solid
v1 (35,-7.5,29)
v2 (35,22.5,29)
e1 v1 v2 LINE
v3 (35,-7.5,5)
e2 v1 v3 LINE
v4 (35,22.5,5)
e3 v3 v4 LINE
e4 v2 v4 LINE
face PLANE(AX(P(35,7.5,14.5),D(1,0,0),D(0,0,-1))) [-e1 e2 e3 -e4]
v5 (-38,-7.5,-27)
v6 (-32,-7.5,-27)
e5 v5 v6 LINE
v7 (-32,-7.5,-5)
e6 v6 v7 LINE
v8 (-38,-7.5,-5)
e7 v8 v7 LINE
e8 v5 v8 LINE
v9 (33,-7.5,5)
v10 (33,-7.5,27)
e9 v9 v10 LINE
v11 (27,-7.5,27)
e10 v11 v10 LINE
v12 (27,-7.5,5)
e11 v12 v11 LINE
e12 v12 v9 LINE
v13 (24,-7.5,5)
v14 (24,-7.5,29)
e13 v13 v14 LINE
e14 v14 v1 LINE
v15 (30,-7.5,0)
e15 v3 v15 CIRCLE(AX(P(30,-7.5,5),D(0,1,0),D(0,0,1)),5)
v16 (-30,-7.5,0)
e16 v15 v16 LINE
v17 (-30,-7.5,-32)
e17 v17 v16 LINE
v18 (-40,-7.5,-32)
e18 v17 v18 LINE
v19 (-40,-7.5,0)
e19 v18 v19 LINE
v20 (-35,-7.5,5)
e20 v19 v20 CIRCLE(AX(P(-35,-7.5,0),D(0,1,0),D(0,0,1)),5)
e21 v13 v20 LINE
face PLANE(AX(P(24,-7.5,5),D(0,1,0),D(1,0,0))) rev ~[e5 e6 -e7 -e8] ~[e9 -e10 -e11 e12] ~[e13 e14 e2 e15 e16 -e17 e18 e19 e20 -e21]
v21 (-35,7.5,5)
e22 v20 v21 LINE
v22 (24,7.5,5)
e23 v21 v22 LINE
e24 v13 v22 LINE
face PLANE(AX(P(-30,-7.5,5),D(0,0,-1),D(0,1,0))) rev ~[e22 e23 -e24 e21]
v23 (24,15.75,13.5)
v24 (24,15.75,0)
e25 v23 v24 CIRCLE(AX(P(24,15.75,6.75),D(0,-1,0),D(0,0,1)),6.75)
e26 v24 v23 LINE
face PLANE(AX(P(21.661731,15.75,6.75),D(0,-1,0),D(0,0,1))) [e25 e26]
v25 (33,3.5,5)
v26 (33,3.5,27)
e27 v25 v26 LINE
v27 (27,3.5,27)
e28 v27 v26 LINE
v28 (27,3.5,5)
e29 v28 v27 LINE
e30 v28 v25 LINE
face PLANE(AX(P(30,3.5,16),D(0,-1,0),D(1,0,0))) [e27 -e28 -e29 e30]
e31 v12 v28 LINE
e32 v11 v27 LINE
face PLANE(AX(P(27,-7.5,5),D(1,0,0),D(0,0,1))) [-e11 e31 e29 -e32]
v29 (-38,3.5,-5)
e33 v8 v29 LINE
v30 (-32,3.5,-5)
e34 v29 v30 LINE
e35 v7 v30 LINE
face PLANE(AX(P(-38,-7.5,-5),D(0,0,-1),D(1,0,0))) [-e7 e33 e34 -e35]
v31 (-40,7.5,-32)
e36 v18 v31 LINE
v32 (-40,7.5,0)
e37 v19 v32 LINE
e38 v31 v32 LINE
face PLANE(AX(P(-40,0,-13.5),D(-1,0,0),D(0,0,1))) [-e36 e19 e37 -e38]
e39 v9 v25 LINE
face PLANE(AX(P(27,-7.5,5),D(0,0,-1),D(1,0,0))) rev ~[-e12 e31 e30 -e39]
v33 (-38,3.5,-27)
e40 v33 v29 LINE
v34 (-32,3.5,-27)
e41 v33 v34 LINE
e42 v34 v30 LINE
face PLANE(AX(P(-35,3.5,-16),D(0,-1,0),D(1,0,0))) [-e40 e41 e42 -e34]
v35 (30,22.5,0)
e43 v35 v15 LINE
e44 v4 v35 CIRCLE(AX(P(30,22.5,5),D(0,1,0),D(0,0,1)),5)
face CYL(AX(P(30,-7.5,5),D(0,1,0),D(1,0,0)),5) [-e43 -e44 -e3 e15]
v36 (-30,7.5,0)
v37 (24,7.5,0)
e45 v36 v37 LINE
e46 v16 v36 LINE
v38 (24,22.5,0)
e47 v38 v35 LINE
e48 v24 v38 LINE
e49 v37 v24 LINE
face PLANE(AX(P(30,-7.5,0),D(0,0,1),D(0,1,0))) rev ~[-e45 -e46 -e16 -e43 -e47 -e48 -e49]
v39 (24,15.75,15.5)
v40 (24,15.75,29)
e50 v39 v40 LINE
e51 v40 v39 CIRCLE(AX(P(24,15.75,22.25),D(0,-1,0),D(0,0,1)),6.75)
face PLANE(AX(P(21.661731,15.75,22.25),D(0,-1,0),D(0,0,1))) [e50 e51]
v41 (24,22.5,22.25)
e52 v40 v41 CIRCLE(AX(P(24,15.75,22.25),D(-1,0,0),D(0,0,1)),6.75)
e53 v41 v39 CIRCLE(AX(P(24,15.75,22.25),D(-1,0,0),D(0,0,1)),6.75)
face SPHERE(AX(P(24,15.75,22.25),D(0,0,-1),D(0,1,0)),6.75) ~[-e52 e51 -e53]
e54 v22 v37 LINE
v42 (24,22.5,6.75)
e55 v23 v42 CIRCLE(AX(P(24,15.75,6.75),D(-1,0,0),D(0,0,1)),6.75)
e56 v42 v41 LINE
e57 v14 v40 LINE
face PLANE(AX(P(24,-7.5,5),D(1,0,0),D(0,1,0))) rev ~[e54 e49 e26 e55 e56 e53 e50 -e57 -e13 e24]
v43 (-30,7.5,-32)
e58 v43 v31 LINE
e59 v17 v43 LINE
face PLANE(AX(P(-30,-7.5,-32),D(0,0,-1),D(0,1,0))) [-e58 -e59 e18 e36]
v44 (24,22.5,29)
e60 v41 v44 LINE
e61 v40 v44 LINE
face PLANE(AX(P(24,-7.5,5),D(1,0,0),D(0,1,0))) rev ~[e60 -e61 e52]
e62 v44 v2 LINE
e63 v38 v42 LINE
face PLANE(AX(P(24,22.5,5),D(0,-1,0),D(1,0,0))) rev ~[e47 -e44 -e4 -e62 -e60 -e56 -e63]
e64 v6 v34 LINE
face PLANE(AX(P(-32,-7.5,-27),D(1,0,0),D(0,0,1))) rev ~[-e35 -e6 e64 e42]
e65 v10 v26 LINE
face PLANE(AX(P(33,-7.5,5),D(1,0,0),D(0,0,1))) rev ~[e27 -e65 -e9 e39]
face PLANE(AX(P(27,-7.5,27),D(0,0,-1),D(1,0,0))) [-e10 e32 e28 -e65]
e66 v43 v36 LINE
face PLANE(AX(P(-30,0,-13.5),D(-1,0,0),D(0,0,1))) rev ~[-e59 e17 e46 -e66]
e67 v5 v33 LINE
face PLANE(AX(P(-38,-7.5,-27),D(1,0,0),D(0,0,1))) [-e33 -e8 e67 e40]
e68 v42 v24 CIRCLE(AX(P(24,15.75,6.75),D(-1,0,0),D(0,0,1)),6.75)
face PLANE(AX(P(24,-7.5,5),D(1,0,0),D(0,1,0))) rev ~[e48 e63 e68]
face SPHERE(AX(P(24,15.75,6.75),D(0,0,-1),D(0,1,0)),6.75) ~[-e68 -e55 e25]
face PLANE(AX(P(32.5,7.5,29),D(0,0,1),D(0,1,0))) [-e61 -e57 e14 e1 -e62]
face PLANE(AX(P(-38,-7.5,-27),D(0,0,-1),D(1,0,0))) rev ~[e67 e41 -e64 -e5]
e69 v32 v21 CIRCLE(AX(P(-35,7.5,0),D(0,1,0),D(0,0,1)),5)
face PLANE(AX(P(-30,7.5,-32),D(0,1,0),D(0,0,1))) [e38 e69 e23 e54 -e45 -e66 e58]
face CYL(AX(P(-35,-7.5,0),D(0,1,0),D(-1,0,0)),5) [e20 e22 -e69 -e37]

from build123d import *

# Parameters (mm, degrees)
SKETCH1_W                       = 60
SKETCH1_H                       = 15
BOSS_EXTRUDE1_DEPTH             = 5
SKETCH2_W                       = 37
SKETCH2_H                       = 15
BOSS_EXTRUDE2_DEPTH             = 10
FILLET1_R                       = 5
SKETCH3_W                       = 29
SKETCH3_H                       = 30
BOSS_EXTRUDE3_DEPTH             = 5
FILLET2_R                       = 5
BOSS_EXTRUDE6_REACH             = 26
SKETCH8_W                       = 6
SKETCH8_H                       = 30
BOSS_EXTRUDE6_DIRECTION_2_REACH = 39
SKETCH7_W                       = 6
SKETCH7_H                       = 22
CUT_EXTRUDE3_DEPTH              = 11
REVOLVE1_ANGLE                  = 90


with BuildPart() as part:
    # Sketch1 → Boss-Extrude1 (new body)
    with BuildSketch(Plane.XY):
        Rectangle(SKETCH1_W, SKETCH1_H)
    extrude(amount=BOSS_EXTRUDE1_DEPTH)

    # Sketch2 → Boss-Extrude2 (add)
    with BuildSketch(Plane.ZY.offset(30)):
        with Locations((-13.5, 0)):
            Rectangle(SKETCH2_W, SKETCH2_H)
    extrude(amount=BOSS_EXTRUDE2_DEPTH)

    # Fillet1
    fillet1_edges = [part.edges().sort_by_distance(p)[0] for p in [
        (-40, 0, 5),
    ]]
    fillet(fillet1_edges, radius=FILLET1_R)

    # Sketch3 → Boss-Extrude3 (add)
    with BuildSketch(Plane(origin=(30, 0, 0), x_dir=(0, 0, -1), z_dir=(1, 0, 0))):
        with Locations((-14.5, 7.5)):
            Rectangle(SKETCH3_W, SKETCH3_H)
    extrude(amount=BOSS_EXTRUDE3_DEPTH)

    # Fillet2
    fillet2_edges = [part.edges().sort_by_distance(p)[0] for p in [
        (35, 7.5, 0),
    ]]
    fillet(fillet2_edges, radius=FILLET2_R)

    # Boss-Extrude6: up to this face of the body (flat: up to its plane)
    boss_extrude6_end = Plane(part.part.faces().sort_by_distance((32.5, 7.5, 29))[0])
    # Sketch8 → Boss-Extrude6 (add, up to the picked face)
    with BuildSketch(Plane.XY.offset(5), mode=Mode.PRIVATE) as boss_extrude6_sk1:
        with Locations((27, 7.5)):
            Rectangle(SKETCH8_W, SKETCH8_H)
    boss_extrude6_tool1 = split(extrude(boss_extrude6_sk1.sketch, amount=BOSS_EXTRUDE6_REACH, mode=Mode.PRIVATE), bisect_by=boss_extrude6_end, keep=Keep.BOTH, mode=Mode.PRIVATE)
    add(boss_extrude6_tool1.solids().sort_by(Axis((27, 7.5, 5), (0, 0, 1)))[0])

    # Boss-Extrude6 direction 2: up to this face of the body (flat: up to its plane)
    boss_extrude6_direction_2_end = Plane(part.part.faces().sort_by_distance((0, 0, 0))[0])
    # Sketch8 → Boss-Extrude6 direction 2 (add, up to the picked face)
    with BuildSketch(Plane.XY.offset(5), mode=Mode.PRIVATE) as boss_extrude6_direction_2_sk1:
        with Locations((27, 7.5)):
            Rectangle(SKETCH8_W, SKETCH8_H)
    boss_extrude6_direction_2_tool1 = split(extrude(boss_extrude6_direction_2_sk1.sketch, amount=-BOSS_EXTRUDE6_DIRECTION_2_REACH, mode=Mode.PRIVATE), bisect_by=boss_extrude6_direction_2_end, keep=Keep.BOTH, mode=Mode.PRIVATE)
    add(boss_extrude6_direction_2_tool1.solids().sort_by(Axis((27, 7.5, 5), (0, 0, -1)))[0])

    # Sketch7 → Cut-Extrude3 (cut)
    with BuildSketch(Plane.XZ.offset(7.5)):
        with Locations((30, 16)):
            Rectangle(SKETCH7_W, SKETCH7_H)
        with Locations((-35, -16)):
            Rectangle(SKETCH7_W, SKETCH7_H)
    extrude(amount=-CUT_EXTRUDE3_DEPTH, mode=Mode.SUBTRACT)

    # Sketch9 → Revolve1 (revolve)
    with BuildSketch(Plane.ZY.offset(-24)):
        with BuildLine():
            Line((15.5, 15.75), (29, 15.75))
            ThreePointArc((29, 15.75), (22.25, 22.5), (15.5, 15.75))
        make_face()
        with BuildLine():
            ThreePointArc((13.5, 15.75), (6.75, 22.5), (0, 15.75))
            Line((0, 15.75), (13.5, 15.75))
        make_face()
    revolve(axis=Axis((24, 15.75, 0), (0, 0, 1)), revolution_arc=REVOLVE1_ANGLE)


solid = part.part
